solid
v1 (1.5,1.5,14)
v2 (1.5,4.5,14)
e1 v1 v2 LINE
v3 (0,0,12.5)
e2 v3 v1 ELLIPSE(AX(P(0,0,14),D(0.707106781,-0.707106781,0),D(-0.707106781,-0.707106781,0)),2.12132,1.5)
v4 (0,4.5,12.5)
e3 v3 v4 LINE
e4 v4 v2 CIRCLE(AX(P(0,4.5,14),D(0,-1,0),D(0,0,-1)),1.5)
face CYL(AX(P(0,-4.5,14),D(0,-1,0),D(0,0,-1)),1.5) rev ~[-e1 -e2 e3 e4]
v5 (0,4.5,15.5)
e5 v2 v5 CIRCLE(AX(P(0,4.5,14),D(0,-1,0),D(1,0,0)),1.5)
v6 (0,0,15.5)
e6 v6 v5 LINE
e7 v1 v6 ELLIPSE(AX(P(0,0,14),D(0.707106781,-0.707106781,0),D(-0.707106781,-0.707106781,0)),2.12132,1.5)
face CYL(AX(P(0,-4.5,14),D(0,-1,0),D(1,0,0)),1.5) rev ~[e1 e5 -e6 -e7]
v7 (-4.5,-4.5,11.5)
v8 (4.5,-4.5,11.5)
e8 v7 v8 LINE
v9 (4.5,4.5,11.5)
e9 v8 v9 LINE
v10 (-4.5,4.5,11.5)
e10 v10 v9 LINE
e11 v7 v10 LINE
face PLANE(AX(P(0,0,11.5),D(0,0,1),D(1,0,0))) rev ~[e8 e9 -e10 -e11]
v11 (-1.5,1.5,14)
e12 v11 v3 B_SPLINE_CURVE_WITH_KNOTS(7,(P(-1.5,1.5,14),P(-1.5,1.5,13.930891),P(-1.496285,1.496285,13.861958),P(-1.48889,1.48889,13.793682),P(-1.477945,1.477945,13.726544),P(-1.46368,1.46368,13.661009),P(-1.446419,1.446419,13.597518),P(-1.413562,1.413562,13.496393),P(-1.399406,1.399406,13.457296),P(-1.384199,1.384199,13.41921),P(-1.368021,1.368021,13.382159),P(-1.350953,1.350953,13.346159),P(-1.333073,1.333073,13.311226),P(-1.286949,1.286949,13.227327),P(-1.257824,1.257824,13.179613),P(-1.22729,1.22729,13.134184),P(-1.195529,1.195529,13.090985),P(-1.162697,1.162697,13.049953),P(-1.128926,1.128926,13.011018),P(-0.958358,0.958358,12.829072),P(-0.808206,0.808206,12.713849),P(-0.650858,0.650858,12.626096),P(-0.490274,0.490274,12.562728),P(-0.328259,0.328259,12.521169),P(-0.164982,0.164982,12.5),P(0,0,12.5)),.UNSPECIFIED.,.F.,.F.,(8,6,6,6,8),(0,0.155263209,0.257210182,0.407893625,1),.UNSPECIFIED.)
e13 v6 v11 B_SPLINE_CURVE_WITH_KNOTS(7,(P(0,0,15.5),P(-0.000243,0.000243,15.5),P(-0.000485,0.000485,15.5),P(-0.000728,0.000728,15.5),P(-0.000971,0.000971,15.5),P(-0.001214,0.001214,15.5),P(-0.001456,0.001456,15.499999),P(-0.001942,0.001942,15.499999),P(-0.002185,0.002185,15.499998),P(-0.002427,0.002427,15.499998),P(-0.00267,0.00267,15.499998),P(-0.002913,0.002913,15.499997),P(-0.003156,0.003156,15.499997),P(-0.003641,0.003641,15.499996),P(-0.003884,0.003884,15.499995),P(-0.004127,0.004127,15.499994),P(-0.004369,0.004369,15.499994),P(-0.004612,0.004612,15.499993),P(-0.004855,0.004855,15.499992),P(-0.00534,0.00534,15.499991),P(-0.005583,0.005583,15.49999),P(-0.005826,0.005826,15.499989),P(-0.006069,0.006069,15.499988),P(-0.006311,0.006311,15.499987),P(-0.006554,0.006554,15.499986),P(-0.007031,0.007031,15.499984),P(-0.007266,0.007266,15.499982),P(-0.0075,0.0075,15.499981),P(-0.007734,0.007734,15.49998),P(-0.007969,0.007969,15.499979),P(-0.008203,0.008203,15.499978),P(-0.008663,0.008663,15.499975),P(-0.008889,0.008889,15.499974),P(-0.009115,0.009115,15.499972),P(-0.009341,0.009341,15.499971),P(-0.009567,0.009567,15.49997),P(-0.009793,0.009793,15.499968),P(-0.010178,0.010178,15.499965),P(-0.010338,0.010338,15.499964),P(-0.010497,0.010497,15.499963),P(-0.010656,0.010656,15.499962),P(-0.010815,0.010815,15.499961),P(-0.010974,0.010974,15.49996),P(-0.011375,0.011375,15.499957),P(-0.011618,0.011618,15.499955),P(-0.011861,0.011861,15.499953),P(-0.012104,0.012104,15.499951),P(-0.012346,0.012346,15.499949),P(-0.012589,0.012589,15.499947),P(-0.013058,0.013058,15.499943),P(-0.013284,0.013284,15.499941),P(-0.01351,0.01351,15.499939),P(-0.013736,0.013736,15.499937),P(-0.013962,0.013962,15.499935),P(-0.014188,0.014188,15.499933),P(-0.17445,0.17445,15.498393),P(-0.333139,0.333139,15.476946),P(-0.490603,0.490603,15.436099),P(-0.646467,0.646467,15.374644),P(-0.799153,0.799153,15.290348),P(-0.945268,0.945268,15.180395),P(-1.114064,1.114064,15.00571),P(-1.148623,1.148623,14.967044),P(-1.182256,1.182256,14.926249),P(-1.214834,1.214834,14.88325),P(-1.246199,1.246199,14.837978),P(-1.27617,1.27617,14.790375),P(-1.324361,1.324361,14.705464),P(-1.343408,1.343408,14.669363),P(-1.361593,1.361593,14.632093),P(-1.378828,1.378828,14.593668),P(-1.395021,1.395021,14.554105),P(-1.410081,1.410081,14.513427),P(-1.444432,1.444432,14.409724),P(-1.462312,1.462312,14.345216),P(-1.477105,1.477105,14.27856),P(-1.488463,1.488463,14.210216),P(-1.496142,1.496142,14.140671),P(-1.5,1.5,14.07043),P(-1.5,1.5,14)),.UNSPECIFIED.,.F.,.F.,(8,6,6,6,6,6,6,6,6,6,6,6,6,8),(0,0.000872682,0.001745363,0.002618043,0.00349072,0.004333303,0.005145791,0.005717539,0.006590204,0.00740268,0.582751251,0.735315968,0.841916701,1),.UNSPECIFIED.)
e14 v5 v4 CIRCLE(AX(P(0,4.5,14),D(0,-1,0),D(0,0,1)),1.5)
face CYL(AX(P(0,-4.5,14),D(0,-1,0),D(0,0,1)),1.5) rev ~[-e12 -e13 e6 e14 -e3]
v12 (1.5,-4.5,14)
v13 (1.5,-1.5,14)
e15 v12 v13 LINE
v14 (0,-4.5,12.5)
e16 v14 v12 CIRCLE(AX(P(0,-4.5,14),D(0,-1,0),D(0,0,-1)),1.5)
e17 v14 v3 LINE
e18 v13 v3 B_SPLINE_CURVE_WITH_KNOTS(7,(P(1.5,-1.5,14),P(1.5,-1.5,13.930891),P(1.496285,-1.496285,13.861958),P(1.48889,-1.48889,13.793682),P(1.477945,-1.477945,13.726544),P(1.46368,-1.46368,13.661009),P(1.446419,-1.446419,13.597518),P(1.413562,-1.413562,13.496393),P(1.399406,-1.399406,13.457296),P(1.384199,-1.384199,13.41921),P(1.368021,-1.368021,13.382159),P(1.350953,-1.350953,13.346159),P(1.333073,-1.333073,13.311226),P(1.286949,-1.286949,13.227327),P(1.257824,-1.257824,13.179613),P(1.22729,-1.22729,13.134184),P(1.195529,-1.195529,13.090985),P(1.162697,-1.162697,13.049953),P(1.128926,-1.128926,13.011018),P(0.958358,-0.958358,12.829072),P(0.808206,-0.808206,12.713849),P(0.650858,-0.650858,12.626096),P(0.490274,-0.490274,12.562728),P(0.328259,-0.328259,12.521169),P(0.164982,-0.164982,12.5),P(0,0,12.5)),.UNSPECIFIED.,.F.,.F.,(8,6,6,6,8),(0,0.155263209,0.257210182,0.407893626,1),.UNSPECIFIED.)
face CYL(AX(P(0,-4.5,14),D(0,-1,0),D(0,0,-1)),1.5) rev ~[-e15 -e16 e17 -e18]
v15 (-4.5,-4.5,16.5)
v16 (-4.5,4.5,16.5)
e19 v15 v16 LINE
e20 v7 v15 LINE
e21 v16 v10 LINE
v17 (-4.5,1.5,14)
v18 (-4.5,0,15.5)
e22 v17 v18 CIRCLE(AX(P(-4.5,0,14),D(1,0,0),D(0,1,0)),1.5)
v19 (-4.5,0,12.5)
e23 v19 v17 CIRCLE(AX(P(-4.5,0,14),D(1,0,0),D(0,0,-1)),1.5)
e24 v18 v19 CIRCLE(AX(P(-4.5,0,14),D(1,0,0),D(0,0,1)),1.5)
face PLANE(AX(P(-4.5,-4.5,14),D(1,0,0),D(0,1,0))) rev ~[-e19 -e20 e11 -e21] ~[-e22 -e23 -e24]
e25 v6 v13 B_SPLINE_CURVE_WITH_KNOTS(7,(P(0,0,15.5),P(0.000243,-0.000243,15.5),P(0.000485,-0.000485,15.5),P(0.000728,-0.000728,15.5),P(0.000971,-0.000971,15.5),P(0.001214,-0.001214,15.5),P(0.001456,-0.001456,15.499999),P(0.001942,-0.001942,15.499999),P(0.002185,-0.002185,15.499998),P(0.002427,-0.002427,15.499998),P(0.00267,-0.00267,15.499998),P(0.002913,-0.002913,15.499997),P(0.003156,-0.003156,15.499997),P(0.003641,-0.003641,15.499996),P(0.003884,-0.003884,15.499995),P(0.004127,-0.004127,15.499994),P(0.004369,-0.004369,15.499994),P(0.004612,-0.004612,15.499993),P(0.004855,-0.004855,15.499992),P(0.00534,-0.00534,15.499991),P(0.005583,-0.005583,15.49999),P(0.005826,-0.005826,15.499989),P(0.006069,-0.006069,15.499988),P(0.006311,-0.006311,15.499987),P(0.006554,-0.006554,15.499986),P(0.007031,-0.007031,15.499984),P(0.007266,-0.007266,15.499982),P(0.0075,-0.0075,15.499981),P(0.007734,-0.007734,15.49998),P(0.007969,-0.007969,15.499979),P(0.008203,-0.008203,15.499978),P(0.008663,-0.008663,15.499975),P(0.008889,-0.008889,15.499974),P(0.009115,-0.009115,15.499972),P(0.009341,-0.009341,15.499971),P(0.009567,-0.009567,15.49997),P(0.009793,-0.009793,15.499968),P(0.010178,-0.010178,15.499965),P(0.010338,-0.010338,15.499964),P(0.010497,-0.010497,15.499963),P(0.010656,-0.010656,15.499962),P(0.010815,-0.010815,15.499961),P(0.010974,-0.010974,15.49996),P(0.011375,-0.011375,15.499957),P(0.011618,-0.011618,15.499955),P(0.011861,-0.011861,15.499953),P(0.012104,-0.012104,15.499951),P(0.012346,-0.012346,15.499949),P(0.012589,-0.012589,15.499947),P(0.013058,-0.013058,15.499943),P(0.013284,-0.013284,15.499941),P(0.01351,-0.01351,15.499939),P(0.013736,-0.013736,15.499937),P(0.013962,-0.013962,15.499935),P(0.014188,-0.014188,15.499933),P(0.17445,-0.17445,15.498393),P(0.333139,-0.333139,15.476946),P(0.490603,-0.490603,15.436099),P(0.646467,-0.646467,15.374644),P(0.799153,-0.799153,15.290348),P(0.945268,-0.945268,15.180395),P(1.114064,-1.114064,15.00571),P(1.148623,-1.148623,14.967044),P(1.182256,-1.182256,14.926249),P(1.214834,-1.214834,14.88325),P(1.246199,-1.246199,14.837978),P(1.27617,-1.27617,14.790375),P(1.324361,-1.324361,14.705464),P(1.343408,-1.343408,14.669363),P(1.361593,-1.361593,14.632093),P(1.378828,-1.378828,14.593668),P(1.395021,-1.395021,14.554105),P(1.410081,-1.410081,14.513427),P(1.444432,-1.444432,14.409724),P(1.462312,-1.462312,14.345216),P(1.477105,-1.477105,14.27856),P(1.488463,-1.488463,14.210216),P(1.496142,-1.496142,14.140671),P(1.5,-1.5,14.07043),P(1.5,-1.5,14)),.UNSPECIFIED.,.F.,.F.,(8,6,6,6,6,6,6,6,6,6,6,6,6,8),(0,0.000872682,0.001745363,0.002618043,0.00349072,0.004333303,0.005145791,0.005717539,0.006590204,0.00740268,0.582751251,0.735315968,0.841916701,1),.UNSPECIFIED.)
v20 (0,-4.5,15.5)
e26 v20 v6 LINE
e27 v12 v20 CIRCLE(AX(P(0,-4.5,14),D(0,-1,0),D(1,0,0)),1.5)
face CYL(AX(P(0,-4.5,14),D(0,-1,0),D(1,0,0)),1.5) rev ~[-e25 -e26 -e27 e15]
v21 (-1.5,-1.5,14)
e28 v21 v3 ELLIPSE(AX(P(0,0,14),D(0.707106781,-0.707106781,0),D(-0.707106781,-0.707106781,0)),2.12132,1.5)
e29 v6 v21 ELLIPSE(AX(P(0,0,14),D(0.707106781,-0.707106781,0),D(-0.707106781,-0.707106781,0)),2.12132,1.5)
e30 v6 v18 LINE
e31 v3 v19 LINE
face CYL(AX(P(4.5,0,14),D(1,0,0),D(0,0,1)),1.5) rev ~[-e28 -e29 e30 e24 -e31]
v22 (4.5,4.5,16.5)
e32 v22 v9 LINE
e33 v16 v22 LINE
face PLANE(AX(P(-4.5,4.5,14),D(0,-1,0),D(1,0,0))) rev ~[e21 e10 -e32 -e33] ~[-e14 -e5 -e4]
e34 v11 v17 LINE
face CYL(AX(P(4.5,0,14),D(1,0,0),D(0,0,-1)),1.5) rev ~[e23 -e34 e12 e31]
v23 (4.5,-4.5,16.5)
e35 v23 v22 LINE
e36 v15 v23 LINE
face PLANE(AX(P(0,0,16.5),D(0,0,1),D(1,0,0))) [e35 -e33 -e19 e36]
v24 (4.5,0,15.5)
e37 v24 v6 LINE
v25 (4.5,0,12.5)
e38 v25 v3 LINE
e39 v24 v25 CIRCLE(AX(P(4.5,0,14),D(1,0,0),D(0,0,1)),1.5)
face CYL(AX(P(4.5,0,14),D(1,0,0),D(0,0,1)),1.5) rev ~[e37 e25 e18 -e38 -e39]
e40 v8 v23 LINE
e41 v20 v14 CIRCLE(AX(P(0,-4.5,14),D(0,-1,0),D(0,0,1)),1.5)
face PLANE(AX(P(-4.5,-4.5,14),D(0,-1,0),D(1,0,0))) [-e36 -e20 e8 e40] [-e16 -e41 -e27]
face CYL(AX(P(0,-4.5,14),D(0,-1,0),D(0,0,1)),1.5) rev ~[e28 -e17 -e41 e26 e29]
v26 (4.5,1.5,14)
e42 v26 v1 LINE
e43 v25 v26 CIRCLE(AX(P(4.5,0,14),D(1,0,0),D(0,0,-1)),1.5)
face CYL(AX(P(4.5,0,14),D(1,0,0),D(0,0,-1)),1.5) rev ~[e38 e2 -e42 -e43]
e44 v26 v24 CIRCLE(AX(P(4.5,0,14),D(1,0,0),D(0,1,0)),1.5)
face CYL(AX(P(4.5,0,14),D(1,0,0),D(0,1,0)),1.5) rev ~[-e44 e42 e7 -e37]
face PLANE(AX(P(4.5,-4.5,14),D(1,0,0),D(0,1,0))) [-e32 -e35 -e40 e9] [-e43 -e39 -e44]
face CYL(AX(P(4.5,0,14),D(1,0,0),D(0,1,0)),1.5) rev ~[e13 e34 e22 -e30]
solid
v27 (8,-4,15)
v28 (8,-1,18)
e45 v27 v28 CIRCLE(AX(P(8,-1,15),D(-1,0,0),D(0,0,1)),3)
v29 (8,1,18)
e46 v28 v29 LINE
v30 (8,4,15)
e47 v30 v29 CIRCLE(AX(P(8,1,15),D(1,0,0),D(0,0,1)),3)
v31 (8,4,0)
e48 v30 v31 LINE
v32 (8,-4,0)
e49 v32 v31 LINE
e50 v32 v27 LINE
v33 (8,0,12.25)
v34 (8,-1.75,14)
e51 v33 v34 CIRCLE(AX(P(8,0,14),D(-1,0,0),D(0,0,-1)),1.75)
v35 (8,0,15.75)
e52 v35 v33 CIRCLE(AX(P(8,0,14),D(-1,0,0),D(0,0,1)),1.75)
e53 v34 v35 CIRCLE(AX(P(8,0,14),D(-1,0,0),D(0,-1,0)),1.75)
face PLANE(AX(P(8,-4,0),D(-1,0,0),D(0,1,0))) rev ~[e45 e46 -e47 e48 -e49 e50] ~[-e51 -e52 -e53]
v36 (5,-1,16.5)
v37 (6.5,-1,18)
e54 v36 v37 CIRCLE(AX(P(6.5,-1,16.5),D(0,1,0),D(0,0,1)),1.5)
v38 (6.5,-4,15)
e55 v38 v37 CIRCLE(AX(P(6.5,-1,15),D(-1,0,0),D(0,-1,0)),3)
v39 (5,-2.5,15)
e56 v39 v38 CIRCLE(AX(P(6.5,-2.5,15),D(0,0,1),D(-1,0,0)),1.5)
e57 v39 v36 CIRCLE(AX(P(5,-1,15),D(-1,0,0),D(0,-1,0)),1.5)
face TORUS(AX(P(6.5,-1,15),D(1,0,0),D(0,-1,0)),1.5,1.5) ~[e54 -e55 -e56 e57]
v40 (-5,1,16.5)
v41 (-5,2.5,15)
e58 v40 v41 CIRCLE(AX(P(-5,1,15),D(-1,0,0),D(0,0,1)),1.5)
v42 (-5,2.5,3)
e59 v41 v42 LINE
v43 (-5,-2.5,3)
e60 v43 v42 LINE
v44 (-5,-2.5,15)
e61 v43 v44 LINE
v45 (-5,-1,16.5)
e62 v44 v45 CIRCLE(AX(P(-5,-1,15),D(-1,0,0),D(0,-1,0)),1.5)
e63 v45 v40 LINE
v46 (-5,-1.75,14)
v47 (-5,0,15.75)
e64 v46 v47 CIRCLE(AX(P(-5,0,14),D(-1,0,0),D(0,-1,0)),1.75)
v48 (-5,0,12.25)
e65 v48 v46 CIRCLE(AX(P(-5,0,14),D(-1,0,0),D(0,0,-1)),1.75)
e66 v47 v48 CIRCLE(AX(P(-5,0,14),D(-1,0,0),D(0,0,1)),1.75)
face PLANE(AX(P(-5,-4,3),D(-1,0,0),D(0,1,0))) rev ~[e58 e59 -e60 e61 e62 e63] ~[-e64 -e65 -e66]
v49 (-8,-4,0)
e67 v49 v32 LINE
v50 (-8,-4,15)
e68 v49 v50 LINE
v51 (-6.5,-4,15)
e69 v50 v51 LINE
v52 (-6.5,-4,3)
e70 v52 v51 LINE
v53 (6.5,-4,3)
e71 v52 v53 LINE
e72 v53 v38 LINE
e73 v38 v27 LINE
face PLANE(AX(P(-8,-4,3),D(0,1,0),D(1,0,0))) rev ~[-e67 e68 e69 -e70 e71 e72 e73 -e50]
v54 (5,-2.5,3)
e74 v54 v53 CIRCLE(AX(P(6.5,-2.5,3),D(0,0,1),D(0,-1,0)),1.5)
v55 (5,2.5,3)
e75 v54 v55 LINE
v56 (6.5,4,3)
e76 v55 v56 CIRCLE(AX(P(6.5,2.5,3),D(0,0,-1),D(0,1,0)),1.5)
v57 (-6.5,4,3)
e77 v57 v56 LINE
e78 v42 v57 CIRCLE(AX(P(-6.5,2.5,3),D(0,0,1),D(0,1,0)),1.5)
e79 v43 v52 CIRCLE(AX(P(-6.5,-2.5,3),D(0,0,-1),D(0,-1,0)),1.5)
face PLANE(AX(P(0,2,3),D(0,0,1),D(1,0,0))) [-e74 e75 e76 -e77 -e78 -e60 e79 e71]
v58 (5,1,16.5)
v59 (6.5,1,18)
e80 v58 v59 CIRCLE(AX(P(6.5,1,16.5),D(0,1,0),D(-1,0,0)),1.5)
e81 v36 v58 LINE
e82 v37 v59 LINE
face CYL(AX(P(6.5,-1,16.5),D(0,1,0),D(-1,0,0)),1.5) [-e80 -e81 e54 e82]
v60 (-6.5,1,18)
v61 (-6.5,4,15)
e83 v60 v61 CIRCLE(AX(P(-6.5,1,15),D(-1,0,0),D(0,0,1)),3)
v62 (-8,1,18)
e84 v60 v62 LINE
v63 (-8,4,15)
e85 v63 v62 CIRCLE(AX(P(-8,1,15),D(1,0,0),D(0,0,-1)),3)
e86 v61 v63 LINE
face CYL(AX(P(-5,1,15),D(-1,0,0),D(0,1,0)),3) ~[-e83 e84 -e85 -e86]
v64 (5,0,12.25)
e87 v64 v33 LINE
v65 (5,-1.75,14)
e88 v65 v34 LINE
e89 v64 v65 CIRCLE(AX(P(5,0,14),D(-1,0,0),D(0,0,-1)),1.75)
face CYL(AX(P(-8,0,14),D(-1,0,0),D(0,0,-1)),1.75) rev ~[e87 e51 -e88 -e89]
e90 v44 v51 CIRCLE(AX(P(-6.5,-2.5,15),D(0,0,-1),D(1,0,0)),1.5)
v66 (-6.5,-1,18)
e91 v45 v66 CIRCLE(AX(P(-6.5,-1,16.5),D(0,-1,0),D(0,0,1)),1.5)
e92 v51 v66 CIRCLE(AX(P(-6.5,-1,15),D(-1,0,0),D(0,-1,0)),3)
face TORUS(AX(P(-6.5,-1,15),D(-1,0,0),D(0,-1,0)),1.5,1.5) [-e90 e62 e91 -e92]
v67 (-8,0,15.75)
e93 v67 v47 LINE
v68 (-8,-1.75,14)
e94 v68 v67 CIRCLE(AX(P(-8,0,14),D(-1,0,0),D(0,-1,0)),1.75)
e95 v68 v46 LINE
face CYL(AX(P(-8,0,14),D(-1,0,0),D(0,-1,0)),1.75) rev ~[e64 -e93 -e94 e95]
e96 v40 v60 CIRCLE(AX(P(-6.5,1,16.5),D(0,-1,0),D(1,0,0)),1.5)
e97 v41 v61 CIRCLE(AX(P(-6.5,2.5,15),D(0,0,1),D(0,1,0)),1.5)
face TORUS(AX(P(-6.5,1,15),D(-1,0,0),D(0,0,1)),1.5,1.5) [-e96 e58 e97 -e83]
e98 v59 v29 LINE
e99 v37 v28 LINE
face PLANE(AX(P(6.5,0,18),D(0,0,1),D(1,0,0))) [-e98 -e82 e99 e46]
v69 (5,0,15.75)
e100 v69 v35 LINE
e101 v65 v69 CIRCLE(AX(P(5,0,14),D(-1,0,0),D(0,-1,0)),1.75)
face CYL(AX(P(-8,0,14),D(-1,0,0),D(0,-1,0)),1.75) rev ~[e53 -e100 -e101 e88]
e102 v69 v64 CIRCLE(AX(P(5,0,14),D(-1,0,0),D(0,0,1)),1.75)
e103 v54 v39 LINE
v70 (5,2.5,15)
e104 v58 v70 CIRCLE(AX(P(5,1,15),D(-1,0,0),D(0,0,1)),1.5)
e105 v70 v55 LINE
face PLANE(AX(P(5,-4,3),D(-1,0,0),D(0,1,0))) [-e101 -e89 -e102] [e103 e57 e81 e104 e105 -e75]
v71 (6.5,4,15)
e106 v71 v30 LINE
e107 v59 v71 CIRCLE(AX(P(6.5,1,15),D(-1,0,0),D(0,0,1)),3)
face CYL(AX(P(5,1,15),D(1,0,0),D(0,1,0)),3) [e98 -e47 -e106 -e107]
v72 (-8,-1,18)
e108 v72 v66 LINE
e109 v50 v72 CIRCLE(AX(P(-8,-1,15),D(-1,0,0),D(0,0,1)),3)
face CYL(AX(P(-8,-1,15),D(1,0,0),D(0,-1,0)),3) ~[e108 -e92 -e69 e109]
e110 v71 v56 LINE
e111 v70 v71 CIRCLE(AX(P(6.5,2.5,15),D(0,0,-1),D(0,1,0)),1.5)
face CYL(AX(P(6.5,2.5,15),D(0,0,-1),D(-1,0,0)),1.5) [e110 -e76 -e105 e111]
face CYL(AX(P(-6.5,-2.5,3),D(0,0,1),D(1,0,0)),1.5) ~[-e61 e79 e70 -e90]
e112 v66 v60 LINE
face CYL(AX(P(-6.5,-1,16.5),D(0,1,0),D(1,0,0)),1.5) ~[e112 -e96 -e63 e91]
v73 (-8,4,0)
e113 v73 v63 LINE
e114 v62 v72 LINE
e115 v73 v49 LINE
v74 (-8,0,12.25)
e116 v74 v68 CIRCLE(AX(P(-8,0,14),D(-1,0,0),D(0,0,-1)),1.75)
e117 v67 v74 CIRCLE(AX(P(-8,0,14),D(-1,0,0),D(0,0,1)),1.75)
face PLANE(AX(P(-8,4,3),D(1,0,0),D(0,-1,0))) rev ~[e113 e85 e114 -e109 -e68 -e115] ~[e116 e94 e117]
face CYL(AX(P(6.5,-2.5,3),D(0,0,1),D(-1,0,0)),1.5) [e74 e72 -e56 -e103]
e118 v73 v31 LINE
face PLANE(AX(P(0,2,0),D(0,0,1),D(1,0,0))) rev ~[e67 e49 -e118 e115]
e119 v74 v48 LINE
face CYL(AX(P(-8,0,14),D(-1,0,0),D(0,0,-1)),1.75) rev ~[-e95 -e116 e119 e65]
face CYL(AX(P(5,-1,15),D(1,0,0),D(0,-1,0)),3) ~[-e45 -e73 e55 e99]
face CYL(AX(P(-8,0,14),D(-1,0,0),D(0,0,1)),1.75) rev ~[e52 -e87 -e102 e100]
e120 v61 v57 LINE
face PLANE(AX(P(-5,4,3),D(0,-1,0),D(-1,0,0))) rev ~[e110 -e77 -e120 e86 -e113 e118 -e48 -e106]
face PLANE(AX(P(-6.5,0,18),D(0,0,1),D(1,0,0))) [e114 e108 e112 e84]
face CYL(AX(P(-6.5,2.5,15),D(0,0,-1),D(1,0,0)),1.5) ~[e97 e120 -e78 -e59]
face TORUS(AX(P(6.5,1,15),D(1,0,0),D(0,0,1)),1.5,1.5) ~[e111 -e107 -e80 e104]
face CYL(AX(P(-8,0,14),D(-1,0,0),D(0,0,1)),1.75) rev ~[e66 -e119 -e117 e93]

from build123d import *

# Parameters (mm, degrees)
F0_W      = 16
F0_H      = 4
F1_DEPTH  = 3
F2_W      = 3
F2_H      = 8
F3_DEPTH  = 15
F8_R      = 3
F7_W      = 9
F7_H      = 9
F9_DEPTH  = 2.5
F11_DEPTH = 9
F13_DEPTH = 9
F15_DEPTH = 16
F16_R     = 1.5


with BuildPart() as f1:
    # F0 (on Top) → F1 (new body)
    with BuildSketch(Plane.XY):
        with Locations((0, 2)):
            Rectangle(F0_W, F0_H)
        with Locations((0, -2)):
            Rectangle(F0_W, F0_H)
    extrude(amount=F1_DEPTH)

    # F2 (on face) → F3 (join)
    with BuildSketch(Plane.XY.offset(3)):
        Polygon((-5, 4), (-8, 4), (-8, -4), (-5, -4), (-5, 0), align=None)
        with Locations((6.5, 0)):
            Rectangle(F2_W, F2_H)
    extrude(amount=F3_DEPTH)

    # F8
    f8_edges = [f1.edges().sort_by_distance(p)[0] for p in [
        (-6.5, 4, 18),
        (-6.5, -4, 18),
        (6.5, -4, 18),
        (6.5, 4, 18),
    ]]
    fillet(f8_edges, radius=F8_R)

    # F14 (on face) → F15 (cut, through all)
    with BuildSketch(Plane(origin=(-8, 0, 0), x_dir=(0, -1, 0), z_dir=(-1, 0, 0))):
        with BuildLine():
            ThreePointArc((0, 12.25), (1.2374368671, 12.7625631329), (1.75, 14))
            ThreePointArc((1.75, 14), (1.2374368671, 15.2374368671), (0, 15.75))
            Line((0, 15.75), (0, 12.25))
        make_face()
        with BuildLine():
            Line((0, 12.25), (0, 15.75))
            ThreePointArc((0, 15.75), (-1.75, 14), (0, 12.25))
        make_face()
    extrude(amount=-F15_DEPTH, mode=Mode.SUBTRACT)

    # F16
    f16_edges = [f1.edges().sort_by_distance(p)[0] for p in [
        (-5, 0, 18),
        (5, 0, 18),
    ]]
    fillet(f16_edges, radius=F16_R)


with BuildPart() as f9:
    # F7 (on plane+point) → F9 (new body, symmetric)
    with BuildSketch(Plane.XY.offset(14)):
        Rectangle(F7_W, F7_H)
    extrude(amount=F9_DEPTH, both=True)

    # F10 (on face) → F11 (cut, through all)
    with BuildSketch(Plane.XZ.offset(4.5)):
        with BuildLine():
            ThreePointArc((0, 12.5), (1.0606601718, 12.9393398282), (1.5, 14))
            ThreePointArc((1.5, 14), (1.0606601718, 15.0606601718), (0, 15.5))
            Line((0, 15.5), (0, 12.5))
        make_face()
        with BuildLine():
            Line((0, 12.5), (0, 15.5))
            ThreePointArc((0, 15.5), (-1.5, 14), (0, 12.5))
        make_face()
    extrude(amount=-F11_DEPTH, mode=Mode.SUBTRACT)

    # F12 (on face) → F13 (cut, through all)
    with BuildSketch(Plane.YZ.offset(4.5)):
        with BuildLine():
            ThreePointArc((0, 12.5), (1.0606601718, 12.9393398282), (1.5, 14))
            ThreePointArc((1.5, 14), (1.0606601718, 15.0606601718), (0, 15.5))
            Line((0, 15.5), (0, 12.5))
        make_face()
        with BuildLine():
            Line((0, 12.5), (0, 15.5))
            ThreePointArc((0, 15.5), (-1.5, 14), (0, 12.5))
        make_face()
    extrude(amount=-F13_DEPTH, mode=Mode.SUBTRACT)


solid = Compound([f1.part, f9.part])
